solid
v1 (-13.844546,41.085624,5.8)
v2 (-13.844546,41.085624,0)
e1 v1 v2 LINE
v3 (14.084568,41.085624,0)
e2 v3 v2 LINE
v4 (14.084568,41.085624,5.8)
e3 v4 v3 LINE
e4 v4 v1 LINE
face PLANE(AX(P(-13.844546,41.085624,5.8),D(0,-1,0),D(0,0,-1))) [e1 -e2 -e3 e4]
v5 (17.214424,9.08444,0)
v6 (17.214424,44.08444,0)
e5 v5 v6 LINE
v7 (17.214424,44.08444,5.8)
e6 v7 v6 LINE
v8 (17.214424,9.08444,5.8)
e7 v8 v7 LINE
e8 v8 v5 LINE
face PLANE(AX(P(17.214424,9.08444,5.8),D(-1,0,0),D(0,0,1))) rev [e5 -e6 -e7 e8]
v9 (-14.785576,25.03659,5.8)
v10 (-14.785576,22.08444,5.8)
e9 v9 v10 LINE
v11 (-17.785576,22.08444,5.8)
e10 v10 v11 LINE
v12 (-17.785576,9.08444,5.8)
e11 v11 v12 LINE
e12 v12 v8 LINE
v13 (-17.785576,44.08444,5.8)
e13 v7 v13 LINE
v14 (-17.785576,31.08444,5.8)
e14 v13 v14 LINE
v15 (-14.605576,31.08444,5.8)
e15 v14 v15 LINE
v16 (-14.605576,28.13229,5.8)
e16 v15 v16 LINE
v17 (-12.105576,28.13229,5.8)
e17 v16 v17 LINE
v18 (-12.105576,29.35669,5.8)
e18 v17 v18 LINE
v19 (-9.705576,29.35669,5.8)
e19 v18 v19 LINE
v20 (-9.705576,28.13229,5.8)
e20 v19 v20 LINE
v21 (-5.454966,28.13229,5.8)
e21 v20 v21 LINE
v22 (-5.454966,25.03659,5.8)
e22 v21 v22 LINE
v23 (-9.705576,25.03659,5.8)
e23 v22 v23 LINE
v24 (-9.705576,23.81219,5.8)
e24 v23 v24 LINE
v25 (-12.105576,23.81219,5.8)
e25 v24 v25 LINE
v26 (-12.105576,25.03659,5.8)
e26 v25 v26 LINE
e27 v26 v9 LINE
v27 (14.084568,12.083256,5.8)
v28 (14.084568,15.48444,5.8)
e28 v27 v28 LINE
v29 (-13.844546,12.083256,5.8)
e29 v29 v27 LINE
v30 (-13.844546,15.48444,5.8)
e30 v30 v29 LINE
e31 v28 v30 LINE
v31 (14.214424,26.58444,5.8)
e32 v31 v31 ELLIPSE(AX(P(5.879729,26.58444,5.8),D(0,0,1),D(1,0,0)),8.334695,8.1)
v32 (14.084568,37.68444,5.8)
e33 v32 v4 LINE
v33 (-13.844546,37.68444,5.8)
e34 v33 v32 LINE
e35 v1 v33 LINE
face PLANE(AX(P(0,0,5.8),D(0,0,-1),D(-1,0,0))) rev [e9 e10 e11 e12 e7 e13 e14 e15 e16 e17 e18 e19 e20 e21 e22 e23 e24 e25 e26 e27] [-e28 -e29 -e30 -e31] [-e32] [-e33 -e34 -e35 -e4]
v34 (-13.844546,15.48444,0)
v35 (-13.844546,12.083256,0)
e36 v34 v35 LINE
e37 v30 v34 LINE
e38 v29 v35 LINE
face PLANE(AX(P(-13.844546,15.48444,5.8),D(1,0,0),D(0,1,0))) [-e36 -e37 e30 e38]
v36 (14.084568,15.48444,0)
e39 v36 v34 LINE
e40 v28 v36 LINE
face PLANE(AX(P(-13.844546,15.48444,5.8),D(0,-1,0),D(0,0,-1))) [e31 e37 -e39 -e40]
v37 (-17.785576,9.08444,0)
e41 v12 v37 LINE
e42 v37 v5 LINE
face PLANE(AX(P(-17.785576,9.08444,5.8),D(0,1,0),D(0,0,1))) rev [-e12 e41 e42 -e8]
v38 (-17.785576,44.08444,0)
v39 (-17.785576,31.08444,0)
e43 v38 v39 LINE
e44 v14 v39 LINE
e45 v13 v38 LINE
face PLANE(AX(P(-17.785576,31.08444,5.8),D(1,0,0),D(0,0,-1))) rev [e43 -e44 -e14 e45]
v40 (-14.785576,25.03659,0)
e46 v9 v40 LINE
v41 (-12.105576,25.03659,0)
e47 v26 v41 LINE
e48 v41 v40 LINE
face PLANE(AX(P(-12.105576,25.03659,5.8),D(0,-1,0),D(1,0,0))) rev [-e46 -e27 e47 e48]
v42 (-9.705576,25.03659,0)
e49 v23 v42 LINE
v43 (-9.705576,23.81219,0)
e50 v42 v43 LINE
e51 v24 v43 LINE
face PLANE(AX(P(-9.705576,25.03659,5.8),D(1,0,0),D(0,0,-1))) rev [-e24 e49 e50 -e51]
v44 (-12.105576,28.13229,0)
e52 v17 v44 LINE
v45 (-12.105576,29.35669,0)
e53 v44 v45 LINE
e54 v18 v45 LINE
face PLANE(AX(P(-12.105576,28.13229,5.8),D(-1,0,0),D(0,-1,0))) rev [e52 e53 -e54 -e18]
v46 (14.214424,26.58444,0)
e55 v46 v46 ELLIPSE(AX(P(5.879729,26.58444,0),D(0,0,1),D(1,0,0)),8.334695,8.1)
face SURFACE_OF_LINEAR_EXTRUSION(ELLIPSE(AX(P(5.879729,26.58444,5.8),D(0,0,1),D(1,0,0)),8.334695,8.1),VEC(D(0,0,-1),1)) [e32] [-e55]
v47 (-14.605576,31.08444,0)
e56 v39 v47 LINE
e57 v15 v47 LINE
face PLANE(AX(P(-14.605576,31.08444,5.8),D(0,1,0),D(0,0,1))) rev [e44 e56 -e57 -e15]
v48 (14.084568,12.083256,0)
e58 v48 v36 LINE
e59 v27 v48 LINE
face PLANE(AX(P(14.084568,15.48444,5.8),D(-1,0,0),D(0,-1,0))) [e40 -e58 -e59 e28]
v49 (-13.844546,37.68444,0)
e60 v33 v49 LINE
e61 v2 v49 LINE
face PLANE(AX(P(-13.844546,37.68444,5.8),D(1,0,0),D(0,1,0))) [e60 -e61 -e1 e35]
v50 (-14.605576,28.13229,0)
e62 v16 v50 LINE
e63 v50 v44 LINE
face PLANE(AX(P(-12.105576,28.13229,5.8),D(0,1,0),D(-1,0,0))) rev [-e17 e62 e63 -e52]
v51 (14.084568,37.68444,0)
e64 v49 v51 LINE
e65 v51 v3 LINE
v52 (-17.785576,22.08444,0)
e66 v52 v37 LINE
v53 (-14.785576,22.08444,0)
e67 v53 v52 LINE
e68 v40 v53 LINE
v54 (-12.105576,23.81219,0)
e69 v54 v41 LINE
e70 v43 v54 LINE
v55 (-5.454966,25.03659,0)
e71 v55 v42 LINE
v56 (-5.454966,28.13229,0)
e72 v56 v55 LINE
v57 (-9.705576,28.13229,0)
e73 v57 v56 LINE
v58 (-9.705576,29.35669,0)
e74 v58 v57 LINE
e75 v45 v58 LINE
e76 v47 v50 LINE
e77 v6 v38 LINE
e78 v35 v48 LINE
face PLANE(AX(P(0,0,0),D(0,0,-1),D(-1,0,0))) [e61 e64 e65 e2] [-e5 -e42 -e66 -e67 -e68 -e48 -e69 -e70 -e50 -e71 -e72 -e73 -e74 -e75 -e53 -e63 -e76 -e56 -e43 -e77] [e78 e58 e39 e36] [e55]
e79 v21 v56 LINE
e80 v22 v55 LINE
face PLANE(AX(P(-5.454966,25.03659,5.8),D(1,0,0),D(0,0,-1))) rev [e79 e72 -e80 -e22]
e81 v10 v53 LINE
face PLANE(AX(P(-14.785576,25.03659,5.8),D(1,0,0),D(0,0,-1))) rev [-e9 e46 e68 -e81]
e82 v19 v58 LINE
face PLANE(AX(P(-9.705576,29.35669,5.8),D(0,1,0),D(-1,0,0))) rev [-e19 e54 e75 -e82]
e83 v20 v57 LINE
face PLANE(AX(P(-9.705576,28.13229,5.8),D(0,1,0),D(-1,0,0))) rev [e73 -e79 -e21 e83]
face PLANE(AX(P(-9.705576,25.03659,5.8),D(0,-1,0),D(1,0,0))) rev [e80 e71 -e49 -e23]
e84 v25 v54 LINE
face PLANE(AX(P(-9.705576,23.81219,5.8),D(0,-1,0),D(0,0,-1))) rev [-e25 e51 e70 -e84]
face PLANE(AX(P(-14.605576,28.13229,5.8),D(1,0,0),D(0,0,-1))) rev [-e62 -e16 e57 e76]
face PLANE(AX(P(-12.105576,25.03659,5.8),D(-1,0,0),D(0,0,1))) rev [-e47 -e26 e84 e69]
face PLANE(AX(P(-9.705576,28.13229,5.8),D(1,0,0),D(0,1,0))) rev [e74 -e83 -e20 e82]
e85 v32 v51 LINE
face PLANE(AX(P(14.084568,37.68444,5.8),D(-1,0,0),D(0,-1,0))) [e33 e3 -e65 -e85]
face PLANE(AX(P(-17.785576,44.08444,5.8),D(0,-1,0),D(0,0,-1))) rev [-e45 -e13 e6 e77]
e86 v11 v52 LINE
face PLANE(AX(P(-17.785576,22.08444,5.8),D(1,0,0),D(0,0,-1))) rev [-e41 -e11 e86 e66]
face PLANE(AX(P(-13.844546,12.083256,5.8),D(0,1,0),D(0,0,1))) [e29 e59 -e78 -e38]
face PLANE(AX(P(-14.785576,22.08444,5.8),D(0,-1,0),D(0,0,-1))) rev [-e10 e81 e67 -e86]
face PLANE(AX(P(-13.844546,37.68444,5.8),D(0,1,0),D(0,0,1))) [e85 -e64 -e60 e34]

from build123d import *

# Parameters (mm, degrees)
SKETCH1_RX          = 8.334694939
SKETCH1_RY          = 8.1
SKETCH1_W           = 27.929114048
SKETCH1_H           = 3.401184302
SKETCH1_H_2         = 3.401184301
BOSS_EXTRUDE1_DEPTH = 5.8


with BuildPart() as part:
    # Sketch1 → Boss-Extrude1 (new body)
    with BuildSketch(Plane.XY):
        Polygon((-5.45496555, 25.036590129), (-5.45496555, 28.132290129), (-9.705575673, 28.132290129), (-9.705575673, 29.356690129), (-12.105575673, 29.356690129), (-12.105575673, 28.132290129), (-14.605575673, 28.132290129), (-14.605575673, 31.084440129), (-17.785575673, 31.084440129), (-17.785575673, 44.084440129), (17.214424327, 44.084440129), (17.214424327, 9.084440129), (-17.785575673, 9.084440129), (-17.785575673, 22.084440129), (-14.785575673, 22.084440129), (-14.785575673, 25.036590129), (-12.105575673, 25.036590129), (-12.105575673, 23.812190129), (-9.705575673, 23.812190129), (-9.705575673, 25.036590129), align=None)
        with Locations((5.879729388, 26.584440129)):
            Ellipse(SKETCH1_RX, SKETCH1_RY, mode=Mode.SUBTRACT)
        with Locations((0.120011131, 39.38503228)):
            Rectangle(SKETCH1_W, SKETCH1_H, mode=Mode.SUBTRACT)
        with Locations((0.120011131, 13.783847979)):
            Rectangle(SKETCH1_W, SKETCH1_H_2, mode=Mode.SUBTRACT)
    extrude(amount=BOSS_EXTRUDE1_DEPTH)


solid = part.part
